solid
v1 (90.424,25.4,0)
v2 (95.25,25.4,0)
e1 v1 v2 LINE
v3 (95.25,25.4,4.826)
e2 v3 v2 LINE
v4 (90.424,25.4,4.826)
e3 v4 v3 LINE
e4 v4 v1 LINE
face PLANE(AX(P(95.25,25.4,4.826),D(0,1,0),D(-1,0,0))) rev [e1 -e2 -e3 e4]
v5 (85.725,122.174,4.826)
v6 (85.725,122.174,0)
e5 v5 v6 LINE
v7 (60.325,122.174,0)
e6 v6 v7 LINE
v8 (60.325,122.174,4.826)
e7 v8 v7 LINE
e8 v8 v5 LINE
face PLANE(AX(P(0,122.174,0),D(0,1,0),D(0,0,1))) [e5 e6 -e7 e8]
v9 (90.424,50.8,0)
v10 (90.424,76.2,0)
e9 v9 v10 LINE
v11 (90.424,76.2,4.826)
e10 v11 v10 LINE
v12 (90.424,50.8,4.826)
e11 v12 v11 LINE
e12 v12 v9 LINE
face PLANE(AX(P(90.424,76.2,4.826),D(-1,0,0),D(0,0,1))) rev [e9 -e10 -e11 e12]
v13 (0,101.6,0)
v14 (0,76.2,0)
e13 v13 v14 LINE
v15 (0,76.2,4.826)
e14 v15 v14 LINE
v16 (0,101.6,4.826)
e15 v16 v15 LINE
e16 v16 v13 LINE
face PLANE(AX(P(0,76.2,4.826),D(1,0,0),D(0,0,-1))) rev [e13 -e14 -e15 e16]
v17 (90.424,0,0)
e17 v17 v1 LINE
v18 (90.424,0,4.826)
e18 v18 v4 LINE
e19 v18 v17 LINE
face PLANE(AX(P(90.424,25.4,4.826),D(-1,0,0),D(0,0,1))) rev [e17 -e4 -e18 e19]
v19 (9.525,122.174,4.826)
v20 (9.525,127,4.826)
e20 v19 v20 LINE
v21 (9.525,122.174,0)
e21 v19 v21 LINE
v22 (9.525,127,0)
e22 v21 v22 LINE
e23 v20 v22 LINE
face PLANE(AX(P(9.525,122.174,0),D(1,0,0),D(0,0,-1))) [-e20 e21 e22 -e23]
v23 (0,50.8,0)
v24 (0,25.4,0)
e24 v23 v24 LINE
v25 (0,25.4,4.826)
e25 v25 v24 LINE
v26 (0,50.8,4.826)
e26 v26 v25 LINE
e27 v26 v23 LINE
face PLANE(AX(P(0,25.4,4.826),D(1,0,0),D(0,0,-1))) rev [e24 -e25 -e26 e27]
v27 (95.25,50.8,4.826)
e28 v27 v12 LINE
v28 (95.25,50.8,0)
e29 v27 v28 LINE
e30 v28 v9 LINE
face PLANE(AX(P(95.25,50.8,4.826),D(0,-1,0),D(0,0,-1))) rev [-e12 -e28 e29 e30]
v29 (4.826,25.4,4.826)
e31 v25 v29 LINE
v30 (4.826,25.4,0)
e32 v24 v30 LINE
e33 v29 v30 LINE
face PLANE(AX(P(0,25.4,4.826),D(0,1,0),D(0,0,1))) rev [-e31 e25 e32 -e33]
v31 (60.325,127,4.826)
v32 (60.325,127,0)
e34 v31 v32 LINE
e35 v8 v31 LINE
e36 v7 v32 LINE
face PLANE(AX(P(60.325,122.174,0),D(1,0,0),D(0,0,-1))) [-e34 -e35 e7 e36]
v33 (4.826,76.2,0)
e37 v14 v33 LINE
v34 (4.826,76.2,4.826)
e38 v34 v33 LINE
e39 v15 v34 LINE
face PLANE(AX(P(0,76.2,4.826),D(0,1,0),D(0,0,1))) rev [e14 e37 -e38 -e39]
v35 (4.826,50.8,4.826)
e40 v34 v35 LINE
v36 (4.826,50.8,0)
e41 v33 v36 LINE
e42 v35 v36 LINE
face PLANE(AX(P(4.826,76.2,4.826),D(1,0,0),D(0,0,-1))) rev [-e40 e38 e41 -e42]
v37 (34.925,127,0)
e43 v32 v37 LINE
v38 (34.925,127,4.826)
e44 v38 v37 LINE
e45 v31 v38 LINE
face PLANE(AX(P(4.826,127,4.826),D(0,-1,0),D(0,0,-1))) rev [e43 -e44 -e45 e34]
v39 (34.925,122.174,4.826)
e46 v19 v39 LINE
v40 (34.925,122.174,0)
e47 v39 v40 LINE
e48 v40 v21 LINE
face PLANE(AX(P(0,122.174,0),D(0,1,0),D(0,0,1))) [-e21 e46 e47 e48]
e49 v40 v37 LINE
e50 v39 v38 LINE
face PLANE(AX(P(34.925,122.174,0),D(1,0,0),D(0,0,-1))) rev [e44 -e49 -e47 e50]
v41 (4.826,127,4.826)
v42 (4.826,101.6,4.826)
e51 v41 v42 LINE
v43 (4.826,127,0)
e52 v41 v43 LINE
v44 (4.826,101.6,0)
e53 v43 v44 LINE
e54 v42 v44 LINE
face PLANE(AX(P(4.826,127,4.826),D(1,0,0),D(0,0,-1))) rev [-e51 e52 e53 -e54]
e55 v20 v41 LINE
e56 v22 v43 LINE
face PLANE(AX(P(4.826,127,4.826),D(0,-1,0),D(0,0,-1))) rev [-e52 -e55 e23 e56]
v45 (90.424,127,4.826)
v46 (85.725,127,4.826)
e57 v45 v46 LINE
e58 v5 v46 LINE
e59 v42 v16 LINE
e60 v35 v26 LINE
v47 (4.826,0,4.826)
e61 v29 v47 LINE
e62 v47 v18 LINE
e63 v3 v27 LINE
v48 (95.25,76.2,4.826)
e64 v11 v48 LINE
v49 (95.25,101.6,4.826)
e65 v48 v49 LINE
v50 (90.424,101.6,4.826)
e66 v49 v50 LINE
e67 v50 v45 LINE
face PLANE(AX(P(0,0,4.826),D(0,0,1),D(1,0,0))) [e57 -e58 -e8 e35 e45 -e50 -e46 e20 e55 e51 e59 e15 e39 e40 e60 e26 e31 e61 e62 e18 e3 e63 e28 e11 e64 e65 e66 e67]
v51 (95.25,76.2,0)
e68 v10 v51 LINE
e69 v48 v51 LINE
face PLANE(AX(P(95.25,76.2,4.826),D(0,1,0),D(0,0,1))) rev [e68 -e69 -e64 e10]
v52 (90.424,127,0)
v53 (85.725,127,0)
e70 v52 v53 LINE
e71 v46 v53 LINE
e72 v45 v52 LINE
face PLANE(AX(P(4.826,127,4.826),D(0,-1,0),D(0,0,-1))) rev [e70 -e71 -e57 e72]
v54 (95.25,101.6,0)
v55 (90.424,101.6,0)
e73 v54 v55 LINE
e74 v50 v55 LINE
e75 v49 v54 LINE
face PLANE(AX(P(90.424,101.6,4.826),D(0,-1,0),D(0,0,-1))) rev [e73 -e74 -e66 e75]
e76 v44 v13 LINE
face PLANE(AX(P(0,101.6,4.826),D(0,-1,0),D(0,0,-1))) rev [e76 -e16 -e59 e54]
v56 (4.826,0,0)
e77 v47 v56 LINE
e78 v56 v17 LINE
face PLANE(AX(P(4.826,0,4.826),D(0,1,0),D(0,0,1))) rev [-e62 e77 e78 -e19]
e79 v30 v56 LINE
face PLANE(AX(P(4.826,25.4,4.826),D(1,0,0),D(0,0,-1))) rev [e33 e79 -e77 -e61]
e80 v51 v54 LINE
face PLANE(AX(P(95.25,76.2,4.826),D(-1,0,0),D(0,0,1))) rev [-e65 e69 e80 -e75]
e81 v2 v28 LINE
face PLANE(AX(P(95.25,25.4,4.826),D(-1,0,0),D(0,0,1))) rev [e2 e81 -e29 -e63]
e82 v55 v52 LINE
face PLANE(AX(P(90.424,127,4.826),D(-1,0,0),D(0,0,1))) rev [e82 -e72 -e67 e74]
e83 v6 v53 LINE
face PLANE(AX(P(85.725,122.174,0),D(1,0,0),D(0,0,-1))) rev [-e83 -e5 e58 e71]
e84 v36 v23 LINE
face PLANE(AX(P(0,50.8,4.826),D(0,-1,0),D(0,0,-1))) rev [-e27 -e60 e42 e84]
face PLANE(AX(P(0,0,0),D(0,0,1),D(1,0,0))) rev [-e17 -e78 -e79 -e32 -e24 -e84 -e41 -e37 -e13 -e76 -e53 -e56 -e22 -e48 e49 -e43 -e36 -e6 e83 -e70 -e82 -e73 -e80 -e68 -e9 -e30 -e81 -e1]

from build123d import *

# Parameters (mm, degrees)
BOSS_EXTRUDE1_DEPTH = 4.826
SKETCH2_W           = 25.4
SKETCH2_H           = 4.826
CUT_EXTRUDE1_DEPTH  = 4.826


with BuildPart() as part:
    # Sketch1 → Boss-Extrude1 (new body)
    with BuildSketch(Plane.XY):
        Polygon((0, 76.2), (0, 101.6), (4.826, 101.6), (4.826, 127), (90.424, 127), (90.424, 101.6), (95.25, 101.6), (95.25, 76.2), (90.424, 76.2), (90.424, 50.8), (95.25, 50.8), (95.25, 25.4), (90.424, 25.4), (90.424, 0), (4.826, 0), (4.826, 25.4), (0, 25.4), (0, 50.8), (4.826, 50.8), (4.826, 76.2), align=None)
    extrude(amount=BOSS_EXTRUDE1_DEPTH)

    # Sketch2 → Cut-Extrude1 (cut)
    with BuildSketch(Plane(origin=(0, 127, 0), x_dir=(1, 0, 0), z_dir=(0, 1, 0))):
        with Locations((73.025, -2.413)):
            Rectangle(SKETCH2_W, SKETCH2_H)
        with Locations((22.225, -2.413)):
            Rectangle(SKETCH2_W, SKETCH2_H)
    extrude(amount=-CUT_EXTRUDE1_DEPTH, mode=Mode.SUBTRACT)


solid = part.part
